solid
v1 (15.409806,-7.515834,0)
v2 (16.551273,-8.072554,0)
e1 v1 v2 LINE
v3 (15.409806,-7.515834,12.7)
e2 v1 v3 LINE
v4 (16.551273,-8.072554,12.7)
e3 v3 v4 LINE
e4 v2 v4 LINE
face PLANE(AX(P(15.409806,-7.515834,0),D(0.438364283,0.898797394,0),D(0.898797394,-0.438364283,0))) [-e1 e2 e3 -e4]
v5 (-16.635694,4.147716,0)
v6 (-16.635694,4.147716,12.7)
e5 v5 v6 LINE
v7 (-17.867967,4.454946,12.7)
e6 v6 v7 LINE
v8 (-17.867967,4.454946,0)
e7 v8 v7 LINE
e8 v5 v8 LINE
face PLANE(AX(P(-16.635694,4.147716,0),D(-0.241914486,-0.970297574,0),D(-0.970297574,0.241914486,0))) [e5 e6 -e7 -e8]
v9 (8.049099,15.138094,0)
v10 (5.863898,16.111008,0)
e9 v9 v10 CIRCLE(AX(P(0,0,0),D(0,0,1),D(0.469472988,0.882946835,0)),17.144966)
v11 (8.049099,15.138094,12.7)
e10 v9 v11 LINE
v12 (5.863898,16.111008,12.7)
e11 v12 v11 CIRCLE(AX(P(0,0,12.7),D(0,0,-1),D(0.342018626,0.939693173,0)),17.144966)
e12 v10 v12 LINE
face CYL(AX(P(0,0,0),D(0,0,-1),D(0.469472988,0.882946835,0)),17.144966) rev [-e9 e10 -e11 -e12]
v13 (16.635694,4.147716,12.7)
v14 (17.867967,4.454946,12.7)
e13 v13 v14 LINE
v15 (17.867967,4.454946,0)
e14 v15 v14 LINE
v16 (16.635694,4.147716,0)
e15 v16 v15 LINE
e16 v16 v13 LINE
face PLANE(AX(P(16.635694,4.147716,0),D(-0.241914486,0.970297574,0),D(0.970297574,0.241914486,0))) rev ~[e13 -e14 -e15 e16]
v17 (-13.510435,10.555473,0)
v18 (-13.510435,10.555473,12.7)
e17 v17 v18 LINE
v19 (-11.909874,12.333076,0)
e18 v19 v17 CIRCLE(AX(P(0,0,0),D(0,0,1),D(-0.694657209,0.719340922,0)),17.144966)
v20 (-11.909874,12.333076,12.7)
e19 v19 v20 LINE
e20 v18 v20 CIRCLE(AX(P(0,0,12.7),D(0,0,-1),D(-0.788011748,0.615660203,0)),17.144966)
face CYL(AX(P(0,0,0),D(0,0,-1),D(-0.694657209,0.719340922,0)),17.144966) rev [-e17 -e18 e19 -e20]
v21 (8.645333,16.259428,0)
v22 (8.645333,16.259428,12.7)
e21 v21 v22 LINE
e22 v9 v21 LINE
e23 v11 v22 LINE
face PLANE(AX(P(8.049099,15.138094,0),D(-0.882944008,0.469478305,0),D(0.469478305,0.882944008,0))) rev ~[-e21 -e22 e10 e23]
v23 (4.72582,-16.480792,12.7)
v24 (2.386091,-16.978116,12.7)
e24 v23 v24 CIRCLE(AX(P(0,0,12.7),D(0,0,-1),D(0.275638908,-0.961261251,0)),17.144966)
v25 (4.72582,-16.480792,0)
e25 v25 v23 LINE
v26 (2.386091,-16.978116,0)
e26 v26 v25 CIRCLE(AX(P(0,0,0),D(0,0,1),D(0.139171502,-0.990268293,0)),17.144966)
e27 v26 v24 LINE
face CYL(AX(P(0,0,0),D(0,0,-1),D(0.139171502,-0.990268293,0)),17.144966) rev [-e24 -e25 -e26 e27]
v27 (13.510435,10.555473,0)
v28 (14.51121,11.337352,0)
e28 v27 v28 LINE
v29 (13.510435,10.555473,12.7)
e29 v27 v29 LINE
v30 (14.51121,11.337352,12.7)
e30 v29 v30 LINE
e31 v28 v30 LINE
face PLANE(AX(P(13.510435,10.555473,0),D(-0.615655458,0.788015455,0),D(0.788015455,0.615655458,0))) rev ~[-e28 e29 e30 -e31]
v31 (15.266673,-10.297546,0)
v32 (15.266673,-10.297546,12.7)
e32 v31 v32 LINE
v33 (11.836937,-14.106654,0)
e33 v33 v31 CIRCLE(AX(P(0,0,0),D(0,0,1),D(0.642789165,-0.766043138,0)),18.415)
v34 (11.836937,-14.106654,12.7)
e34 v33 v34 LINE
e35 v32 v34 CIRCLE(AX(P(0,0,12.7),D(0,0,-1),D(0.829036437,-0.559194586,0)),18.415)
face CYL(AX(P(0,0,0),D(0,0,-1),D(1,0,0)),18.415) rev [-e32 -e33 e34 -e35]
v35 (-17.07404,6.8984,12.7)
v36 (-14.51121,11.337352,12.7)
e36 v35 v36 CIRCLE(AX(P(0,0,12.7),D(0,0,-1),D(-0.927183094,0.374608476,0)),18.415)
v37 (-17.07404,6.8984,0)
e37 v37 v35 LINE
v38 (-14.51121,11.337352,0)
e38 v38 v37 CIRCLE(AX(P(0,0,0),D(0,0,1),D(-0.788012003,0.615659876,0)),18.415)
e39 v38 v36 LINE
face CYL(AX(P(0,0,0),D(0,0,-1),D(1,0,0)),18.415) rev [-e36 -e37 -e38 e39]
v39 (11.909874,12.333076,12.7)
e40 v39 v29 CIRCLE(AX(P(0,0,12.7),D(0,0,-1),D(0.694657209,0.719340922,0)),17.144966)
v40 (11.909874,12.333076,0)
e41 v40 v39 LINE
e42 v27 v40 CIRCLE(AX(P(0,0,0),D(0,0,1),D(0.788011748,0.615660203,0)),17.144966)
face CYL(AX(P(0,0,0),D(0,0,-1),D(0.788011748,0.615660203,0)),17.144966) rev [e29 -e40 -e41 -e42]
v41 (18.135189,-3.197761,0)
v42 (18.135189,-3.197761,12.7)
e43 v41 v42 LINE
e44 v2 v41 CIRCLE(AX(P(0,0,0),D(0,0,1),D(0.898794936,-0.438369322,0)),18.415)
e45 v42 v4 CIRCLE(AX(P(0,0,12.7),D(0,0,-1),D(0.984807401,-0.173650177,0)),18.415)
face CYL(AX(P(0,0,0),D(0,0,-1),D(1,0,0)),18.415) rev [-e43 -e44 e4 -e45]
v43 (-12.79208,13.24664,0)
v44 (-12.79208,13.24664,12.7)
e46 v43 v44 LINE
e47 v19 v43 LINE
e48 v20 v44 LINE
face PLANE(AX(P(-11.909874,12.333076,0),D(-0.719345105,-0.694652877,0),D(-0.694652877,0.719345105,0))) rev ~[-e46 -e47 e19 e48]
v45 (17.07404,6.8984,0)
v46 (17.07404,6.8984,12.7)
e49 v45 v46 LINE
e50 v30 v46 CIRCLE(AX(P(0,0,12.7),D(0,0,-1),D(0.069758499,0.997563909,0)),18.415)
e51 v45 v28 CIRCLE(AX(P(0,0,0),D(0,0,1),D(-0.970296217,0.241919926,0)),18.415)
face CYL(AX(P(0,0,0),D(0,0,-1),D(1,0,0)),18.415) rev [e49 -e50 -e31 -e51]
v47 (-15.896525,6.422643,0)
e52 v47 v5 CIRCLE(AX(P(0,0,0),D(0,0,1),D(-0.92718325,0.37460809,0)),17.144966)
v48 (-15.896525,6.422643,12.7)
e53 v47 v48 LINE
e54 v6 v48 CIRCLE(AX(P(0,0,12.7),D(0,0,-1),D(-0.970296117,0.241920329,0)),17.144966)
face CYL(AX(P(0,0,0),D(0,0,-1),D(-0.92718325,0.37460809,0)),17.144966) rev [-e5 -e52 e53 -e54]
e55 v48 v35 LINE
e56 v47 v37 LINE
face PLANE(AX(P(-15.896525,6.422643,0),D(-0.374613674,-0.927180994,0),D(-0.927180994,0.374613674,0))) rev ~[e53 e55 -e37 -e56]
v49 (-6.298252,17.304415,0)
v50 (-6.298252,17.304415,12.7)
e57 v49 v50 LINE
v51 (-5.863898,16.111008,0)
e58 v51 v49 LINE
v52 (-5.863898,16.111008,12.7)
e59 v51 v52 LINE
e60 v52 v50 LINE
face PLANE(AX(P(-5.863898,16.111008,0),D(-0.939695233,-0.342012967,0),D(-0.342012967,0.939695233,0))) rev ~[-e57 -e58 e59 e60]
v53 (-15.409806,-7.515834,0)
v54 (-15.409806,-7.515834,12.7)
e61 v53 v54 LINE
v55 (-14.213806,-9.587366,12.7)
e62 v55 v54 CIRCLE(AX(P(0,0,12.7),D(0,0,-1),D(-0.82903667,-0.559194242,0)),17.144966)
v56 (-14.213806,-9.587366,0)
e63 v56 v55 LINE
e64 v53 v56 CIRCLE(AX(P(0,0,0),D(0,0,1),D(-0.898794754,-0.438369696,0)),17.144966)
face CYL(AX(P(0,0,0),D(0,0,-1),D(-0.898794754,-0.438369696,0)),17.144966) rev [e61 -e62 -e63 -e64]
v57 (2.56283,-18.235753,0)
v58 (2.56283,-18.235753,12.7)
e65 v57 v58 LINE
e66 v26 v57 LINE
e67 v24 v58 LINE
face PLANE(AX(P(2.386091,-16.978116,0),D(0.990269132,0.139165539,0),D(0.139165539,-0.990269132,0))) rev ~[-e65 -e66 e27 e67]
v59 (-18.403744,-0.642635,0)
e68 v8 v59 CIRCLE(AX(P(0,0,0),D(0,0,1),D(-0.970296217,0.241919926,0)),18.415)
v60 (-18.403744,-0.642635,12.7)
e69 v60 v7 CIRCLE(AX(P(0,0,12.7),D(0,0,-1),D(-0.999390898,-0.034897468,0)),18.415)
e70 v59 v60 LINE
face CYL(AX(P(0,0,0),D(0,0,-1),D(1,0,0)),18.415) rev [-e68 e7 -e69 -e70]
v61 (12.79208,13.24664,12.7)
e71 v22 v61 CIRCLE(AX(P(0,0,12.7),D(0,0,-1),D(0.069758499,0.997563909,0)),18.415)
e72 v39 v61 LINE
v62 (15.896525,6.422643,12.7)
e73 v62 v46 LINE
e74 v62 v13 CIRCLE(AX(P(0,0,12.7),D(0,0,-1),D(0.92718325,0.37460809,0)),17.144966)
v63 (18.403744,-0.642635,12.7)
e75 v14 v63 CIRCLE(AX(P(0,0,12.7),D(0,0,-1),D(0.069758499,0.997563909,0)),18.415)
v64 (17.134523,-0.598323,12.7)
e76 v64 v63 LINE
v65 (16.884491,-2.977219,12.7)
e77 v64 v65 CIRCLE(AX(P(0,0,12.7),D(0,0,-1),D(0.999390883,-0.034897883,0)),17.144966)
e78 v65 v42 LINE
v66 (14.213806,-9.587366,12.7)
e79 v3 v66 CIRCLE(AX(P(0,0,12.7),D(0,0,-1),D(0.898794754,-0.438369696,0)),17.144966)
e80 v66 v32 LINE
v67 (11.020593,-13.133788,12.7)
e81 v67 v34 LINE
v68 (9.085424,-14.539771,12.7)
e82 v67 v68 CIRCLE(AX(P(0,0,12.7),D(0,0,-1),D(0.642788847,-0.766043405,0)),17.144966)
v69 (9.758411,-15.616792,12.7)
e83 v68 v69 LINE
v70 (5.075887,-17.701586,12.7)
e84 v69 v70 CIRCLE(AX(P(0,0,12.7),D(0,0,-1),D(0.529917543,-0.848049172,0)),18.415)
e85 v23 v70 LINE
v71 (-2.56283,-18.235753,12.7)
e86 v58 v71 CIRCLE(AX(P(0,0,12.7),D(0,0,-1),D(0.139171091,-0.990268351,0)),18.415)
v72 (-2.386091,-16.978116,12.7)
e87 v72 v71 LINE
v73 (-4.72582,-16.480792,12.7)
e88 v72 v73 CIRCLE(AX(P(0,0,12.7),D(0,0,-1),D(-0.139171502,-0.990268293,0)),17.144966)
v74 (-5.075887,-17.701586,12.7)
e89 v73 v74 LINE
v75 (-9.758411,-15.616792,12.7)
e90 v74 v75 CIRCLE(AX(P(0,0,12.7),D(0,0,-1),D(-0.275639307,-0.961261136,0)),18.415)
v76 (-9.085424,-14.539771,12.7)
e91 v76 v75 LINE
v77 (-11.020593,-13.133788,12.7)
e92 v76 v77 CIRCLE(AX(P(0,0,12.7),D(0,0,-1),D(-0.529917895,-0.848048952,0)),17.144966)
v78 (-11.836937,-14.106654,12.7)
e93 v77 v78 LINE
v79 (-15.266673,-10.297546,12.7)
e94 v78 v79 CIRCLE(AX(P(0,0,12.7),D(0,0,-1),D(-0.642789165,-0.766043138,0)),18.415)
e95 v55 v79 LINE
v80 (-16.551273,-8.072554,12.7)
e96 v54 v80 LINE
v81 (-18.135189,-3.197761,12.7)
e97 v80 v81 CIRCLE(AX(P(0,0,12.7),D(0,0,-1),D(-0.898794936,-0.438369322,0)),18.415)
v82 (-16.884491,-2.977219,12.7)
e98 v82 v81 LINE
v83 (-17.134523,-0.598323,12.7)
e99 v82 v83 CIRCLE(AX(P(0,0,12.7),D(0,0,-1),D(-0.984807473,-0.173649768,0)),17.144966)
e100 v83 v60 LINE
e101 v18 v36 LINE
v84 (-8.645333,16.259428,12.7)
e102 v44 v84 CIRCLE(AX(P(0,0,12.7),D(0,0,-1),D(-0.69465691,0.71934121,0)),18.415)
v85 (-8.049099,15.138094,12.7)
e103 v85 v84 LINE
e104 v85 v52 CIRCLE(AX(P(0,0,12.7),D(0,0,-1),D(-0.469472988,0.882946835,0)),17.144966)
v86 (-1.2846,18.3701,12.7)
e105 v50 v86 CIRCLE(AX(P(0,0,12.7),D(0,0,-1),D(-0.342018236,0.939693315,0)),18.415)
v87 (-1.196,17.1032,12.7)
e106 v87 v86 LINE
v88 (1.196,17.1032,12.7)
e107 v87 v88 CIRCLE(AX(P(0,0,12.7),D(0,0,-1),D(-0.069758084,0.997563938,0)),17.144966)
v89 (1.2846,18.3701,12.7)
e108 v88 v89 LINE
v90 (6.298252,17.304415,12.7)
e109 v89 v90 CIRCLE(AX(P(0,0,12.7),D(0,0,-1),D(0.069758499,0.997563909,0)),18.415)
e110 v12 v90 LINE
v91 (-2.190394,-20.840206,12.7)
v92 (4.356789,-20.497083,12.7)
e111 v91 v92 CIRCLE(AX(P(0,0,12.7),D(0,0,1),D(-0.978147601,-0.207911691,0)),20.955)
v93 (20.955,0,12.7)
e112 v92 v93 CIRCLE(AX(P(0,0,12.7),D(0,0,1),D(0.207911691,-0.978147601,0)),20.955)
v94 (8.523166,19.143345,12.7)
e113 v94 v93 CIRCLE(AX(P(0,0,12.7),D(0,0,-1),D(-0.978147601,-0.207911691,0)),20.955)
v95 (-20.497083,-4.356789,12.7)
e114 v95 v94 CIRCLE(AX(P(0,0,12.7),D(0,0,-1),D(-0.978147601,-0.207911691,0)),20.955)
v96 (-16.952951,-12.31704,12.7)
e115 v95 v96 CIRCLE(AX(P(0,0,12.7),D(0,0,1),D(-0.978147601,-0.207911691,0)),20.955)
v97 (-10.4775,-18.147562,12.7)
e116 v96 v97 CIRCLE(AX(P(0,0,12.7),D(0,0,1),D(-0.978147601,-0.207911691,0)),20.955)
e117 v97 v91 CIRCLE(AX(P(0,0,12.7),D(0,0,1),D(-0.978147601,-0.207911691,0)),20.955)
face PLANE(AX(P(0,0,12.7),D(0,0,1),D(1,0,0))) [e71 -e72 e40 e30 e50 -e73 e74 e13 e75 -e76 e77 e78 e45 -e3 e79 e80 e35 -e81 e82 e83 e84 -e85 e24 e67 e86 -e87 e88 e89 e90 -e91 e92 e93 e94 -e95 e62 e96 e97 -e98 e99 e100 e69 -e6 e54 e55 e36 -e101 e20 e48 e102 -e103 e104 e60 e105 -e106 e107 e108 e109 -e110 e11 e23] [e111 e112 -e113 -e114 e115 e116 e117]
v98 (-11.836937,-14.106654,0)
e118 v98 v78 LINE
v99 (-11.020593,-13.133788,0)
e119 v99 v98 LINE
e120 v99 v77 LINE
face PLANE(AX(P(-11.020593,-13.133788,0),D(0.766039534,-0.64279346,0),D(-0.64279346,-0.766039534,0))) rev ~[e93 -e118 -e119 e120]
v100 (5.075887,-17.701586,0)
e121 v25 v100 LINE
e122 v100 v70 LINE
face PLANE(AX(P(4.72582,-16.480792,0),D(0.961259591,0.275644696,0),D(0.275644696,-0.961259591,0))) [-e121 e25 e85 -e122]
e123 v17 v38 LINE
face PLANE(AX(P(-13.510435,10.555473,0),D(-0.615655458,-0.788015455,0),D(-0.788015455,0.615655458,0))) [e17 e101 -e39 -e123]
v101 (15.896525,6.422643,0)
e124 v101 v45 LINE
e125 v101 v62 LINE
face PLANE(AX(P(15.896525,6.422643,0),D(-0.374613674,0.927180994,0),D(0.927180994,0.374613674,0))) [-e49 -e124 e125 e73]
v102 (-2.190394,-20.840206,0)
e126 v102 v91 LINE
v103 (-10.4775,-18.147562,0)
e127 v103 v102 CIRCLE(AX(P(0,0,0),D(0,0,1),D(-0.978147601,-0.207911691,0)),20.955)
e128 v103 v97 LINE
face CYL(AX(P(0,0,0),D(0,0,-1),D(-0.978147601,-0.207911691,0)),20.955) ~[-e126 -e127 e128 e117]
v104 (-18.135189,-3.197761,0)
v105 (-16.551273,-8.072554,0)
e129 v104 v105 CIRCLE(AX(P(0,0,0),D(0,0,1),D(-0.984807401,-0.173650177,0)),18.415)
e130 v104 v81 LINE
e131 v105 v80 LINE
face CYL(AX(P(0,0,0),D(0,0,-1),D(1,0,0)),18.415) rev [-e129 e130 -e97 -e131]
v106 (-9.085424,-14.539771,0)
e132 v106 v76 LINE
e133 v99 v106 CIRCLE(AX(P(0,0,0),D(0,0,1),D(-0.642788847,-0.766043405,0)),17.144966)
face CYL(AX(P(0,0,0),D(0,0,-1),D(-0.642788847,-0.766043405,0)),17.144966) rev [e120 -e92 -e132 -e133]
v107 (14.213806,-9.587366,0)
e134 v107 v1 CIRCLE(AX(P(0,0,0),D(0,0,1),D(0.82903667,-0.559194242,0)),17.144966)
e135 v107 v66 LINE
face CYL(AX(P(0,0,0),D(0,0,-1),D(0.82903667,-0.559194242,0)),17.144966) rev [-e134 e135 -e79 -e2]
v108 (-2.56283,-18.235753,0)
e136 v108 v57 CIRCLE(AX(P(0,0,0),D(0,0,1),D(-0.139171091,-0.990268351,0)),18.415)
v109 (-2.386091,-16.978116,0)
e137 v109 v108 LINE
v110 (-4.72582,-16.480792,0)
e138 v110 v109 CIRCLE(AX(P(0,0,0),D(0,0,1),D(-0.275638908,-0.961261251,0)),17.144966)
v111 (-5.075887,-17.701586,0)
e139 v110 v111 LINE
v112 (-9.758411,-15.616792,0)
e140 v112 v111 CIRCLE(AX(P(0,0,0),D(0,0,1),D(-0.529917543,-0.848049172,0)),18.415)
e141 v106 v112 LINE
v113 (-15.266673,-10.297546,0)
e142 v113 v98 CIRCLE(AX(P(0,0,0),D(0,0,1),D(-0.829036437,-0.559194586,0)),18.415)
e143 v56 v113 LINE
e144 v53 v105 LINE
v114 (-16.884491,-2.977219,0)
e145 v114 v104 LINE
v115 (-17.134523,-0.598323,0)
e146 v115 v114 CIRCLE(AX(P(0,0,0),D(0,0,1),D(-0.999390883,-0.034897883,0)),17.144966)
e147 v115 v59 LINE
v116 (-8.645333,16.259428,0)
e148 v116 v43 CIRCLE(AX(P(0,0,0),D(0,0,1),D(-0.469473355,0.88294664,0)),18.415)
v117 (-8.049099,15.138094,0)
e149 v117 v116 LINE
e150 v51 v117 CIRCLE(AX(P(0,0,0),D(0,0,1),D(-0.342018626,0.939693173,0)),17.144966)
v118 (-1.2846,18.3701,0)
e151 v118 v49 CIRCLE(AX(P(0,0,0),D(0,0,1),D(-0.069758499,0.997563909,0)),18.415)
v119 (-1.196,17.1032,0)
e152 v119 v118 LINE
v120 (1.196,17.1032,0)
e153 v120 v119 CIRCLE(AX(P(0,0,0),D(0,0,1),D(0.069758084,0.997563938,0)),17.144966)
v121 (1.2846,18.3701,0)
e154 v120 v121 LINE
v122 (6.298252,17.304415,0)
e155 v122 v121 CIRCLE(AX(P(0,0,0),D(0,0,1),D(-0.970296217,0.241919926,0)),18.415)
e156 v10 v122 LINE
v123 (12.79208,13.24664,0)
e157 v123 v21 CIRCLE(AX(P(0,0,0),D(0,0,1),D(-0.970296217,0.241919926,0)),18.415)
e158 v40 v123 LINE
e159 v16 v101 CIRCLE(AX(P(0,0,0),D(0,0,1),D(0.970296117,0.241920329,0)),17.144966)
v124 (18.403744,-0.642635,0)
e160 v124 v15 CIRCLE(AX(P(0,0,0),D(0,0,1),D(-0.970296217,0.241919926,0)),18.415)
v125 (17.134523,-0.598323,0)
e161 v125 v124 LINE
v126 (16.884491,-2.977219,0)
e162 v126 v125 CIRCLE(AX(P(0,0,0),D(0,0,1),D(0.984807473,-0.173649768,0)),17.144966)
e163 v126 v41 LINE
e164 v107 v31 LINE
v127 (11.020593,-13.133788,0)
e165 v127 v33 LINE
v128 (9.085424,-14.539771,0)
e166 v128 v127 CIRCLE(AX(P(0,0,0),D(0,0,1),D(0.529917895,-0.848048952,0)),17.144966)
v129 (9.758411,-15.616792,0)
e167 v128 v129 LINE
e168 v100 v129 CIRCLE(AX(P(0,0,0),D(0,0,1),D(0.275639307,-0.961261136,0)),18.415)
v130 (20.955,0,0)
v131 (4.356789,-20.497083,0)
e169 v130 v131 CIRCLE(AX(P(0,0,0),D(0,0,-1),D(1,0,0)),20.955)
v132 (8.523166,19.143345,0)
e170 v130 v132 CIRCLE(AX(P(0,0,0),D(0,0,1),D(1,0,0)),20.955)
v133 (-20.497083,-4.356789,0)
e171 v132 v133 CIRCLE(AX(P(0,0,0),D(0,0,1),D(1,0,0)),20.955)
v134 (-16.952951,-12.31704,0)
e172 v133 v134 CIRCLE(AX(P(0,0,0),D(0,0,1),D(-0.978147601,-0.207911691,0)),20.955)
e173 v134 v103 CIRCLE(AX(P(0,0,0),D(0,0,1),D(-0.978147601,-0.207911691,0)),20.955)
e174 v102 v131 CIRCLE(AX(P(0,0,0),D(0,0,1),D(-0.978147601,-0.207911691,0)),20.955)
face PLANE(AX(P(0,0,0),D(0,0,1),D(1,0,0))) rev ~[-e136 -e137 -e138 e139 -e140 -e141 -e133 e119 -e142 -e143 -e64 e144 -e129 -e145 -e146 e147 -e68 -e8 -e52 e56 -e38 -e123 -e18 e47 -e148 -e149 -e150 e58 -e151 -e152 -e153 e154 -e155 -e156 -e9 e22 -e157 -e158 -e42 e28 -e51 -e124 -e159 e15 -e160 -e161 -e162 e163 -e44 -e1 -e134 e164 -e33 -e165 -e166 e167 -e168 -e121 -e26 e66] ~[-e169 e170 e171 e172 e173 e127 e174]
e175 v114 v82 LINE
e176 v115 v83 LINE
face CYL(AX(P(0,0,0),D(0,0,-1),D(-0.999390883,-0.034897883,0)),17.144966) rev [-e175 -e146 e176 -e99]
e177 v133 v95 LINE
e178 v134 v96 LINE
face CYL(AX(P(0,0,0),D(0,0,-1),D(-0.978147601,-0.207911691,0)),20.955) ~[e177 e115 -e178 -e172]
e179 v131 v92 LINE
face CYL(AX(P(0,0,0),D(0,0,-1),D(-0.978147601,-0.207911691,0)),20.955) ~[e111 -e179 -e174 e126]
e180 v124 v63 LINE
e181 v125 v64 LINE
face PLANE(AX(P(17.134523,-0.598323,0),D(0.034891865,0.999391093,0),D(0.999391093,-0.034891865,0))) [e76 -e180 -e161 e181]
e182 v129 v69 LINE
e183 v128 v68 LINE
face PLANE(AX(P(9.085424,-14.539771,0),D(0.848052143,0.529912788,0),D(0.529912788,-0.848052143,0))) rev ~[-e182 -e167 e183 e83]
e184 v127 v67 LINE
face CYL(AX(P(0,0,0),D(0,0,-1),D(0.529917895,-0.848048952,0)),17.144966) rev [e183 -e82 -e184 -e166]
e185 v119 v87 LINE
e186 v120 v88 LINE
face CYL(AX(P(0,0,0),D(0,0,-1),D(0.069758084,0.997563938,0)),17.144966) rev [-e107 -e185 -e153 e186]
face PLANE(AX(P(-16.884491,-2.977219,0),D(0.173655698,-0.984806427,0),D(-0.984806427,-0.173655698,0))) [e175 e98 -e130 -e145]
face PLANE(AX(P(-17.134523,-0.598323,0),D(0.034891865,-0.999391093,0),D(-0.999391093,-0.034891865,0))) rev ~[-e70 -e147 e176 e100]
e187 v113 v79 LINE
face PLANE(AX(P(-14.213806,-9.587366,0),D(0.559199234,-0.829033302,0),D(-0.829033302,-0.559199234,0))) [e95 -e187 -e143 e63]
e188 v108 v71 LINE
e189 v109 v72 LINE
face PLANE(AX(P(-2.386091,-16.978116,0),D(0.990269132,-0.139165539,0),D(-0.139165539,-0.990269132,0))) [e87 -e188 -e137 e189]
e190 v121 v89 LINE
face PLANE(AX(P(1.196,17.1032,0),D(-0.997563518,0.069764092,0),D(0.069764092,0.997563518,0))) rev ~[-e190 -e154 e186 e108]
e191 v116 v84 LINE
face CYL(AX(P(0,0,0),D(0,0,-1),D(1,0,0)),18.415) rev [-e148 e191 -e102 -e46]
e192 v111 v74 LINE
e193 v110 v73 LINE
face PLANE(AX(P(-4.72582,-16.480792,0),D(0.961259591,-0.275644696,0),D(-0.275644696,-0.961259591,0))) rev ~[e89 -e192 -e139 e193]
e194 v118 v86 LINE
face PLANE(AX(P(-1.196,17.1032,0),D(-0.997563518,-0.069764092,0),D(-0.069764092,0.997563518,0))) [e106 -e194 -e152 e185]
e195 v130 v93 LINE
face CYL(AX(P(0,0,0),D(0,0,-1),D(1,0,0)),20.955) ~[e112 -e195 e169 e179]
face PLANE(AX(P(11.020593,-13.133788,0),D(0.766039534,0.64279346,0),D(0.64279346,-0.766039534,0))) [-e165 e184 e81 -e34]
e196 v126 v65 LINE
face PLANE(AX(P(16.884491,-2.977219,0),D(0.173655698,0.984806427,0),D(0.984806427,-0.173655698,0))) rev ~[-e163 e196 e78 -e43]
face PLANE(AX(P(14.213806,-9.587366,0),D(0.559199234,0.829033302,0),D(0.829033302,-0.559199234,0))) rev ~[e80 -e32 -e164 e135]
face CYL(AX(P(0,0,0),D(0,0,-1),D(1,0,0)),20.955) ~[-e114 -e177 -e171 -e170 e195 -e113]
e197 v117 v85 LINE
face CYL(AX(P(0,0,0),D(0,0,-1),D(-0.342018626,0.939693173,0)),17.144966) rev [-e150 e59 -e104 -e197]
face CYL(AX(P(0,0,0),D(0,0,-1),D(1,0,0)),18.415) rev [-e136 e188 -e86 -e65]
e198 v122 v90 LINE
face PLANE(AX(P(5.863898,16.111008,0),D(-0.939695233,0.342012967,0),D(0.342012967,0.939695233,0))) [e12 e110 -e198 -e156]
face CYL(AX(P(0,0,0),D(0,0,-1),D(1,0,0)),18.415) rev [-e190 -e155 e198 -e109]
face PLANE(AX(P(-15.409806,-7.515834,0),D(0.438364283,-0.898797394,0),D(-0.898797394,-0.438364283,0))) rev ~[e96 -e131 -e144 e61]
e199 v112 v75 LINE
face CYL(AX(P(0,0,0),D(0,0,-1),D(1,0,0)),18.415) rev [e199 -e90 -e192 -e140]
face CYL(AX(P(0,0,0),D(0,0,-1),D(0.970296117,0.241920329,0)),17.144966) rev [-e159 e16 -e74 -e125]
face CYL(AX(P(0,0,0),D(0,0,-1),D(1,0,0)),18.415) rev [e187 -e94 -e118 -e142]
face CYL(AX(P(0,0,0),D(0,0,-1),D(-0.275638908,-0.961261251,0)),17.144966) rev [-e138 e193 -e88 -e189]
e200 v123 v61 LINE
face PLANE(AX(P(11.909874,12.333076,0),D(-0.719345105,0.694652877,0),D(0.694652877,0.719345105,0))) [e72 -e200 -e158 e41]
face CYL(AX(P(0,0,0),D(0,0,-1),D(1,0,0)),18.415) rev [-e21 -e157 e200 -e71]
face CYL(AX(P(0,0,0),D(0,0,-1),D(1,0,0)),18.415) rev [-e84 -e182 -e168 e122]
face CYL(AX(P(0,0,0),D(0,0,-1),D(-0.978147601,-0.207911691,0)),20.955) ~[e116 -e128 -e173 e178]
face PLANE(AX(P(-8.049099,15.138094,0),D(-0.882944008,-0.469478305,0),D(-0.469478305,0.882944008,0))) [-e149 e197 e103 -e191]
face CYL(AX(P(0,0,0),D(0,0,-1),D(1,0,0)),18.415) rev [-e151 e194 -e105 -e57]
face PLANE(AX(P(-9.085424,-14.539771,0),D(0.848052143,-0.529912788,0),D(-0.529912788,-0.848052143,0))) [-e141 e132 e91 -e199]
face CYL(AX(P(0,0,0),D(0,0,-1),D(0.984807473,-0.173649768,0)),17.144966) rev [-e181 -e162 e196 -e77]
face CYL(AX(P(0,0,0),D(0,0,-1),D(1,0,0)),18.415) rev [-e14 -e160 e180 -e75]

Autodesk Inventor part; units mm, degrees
ref_plane "YZ Plane" through (0, 0, 0) normal (1, 0, 0) x (0, 1, 0)
ref_plane "XZ Plane" through (0, 0, 0) normal (0, 1, 0) x (-1, 0, 0)
ref_plane "XY Plane" through (0, 0, 0) normal (0, 0, 1) x (1, 0, 0)
sketch "Sketch1" plane through (0, 0, 0) normal (0, 0, 1) x (1, 0, 0)
  circle A0 centre (0, 0) radius 20.955
  circle A1 centre (0, 0) radius 18.415
  arc A2 (1.196, 17.1032) -> (-1.196, 17.1032) centre (0, 0) ccw
  line L0 (0, 0) -> (0, 27.5348)
  line L1 (1.196, 17.1032) -> (1.2846, 18.3701)
  line L2 (-1.196, 17.1032) -> (-1.2846, 18.3701)
  dimension "d0" = 41.91
  dimension "d2" = 1.27
  dimension "d3" = 2.54
extrude "Extrusion1" add sketch "Sketch1" along normal blind 12.7
extrude "Extrusion2" add sketch "Sketch1" along normal blind 12.7 contours A1 L1 A2 L0 | L0 A2 L2 A1
pattern_circular "Circular Pattern1" count 15 over 360 about axis through (0, 0, 0) along (0, 0, 1) of "Extrusion2", "Extrusion1"
properties part number "AWAutomobloxTire"
